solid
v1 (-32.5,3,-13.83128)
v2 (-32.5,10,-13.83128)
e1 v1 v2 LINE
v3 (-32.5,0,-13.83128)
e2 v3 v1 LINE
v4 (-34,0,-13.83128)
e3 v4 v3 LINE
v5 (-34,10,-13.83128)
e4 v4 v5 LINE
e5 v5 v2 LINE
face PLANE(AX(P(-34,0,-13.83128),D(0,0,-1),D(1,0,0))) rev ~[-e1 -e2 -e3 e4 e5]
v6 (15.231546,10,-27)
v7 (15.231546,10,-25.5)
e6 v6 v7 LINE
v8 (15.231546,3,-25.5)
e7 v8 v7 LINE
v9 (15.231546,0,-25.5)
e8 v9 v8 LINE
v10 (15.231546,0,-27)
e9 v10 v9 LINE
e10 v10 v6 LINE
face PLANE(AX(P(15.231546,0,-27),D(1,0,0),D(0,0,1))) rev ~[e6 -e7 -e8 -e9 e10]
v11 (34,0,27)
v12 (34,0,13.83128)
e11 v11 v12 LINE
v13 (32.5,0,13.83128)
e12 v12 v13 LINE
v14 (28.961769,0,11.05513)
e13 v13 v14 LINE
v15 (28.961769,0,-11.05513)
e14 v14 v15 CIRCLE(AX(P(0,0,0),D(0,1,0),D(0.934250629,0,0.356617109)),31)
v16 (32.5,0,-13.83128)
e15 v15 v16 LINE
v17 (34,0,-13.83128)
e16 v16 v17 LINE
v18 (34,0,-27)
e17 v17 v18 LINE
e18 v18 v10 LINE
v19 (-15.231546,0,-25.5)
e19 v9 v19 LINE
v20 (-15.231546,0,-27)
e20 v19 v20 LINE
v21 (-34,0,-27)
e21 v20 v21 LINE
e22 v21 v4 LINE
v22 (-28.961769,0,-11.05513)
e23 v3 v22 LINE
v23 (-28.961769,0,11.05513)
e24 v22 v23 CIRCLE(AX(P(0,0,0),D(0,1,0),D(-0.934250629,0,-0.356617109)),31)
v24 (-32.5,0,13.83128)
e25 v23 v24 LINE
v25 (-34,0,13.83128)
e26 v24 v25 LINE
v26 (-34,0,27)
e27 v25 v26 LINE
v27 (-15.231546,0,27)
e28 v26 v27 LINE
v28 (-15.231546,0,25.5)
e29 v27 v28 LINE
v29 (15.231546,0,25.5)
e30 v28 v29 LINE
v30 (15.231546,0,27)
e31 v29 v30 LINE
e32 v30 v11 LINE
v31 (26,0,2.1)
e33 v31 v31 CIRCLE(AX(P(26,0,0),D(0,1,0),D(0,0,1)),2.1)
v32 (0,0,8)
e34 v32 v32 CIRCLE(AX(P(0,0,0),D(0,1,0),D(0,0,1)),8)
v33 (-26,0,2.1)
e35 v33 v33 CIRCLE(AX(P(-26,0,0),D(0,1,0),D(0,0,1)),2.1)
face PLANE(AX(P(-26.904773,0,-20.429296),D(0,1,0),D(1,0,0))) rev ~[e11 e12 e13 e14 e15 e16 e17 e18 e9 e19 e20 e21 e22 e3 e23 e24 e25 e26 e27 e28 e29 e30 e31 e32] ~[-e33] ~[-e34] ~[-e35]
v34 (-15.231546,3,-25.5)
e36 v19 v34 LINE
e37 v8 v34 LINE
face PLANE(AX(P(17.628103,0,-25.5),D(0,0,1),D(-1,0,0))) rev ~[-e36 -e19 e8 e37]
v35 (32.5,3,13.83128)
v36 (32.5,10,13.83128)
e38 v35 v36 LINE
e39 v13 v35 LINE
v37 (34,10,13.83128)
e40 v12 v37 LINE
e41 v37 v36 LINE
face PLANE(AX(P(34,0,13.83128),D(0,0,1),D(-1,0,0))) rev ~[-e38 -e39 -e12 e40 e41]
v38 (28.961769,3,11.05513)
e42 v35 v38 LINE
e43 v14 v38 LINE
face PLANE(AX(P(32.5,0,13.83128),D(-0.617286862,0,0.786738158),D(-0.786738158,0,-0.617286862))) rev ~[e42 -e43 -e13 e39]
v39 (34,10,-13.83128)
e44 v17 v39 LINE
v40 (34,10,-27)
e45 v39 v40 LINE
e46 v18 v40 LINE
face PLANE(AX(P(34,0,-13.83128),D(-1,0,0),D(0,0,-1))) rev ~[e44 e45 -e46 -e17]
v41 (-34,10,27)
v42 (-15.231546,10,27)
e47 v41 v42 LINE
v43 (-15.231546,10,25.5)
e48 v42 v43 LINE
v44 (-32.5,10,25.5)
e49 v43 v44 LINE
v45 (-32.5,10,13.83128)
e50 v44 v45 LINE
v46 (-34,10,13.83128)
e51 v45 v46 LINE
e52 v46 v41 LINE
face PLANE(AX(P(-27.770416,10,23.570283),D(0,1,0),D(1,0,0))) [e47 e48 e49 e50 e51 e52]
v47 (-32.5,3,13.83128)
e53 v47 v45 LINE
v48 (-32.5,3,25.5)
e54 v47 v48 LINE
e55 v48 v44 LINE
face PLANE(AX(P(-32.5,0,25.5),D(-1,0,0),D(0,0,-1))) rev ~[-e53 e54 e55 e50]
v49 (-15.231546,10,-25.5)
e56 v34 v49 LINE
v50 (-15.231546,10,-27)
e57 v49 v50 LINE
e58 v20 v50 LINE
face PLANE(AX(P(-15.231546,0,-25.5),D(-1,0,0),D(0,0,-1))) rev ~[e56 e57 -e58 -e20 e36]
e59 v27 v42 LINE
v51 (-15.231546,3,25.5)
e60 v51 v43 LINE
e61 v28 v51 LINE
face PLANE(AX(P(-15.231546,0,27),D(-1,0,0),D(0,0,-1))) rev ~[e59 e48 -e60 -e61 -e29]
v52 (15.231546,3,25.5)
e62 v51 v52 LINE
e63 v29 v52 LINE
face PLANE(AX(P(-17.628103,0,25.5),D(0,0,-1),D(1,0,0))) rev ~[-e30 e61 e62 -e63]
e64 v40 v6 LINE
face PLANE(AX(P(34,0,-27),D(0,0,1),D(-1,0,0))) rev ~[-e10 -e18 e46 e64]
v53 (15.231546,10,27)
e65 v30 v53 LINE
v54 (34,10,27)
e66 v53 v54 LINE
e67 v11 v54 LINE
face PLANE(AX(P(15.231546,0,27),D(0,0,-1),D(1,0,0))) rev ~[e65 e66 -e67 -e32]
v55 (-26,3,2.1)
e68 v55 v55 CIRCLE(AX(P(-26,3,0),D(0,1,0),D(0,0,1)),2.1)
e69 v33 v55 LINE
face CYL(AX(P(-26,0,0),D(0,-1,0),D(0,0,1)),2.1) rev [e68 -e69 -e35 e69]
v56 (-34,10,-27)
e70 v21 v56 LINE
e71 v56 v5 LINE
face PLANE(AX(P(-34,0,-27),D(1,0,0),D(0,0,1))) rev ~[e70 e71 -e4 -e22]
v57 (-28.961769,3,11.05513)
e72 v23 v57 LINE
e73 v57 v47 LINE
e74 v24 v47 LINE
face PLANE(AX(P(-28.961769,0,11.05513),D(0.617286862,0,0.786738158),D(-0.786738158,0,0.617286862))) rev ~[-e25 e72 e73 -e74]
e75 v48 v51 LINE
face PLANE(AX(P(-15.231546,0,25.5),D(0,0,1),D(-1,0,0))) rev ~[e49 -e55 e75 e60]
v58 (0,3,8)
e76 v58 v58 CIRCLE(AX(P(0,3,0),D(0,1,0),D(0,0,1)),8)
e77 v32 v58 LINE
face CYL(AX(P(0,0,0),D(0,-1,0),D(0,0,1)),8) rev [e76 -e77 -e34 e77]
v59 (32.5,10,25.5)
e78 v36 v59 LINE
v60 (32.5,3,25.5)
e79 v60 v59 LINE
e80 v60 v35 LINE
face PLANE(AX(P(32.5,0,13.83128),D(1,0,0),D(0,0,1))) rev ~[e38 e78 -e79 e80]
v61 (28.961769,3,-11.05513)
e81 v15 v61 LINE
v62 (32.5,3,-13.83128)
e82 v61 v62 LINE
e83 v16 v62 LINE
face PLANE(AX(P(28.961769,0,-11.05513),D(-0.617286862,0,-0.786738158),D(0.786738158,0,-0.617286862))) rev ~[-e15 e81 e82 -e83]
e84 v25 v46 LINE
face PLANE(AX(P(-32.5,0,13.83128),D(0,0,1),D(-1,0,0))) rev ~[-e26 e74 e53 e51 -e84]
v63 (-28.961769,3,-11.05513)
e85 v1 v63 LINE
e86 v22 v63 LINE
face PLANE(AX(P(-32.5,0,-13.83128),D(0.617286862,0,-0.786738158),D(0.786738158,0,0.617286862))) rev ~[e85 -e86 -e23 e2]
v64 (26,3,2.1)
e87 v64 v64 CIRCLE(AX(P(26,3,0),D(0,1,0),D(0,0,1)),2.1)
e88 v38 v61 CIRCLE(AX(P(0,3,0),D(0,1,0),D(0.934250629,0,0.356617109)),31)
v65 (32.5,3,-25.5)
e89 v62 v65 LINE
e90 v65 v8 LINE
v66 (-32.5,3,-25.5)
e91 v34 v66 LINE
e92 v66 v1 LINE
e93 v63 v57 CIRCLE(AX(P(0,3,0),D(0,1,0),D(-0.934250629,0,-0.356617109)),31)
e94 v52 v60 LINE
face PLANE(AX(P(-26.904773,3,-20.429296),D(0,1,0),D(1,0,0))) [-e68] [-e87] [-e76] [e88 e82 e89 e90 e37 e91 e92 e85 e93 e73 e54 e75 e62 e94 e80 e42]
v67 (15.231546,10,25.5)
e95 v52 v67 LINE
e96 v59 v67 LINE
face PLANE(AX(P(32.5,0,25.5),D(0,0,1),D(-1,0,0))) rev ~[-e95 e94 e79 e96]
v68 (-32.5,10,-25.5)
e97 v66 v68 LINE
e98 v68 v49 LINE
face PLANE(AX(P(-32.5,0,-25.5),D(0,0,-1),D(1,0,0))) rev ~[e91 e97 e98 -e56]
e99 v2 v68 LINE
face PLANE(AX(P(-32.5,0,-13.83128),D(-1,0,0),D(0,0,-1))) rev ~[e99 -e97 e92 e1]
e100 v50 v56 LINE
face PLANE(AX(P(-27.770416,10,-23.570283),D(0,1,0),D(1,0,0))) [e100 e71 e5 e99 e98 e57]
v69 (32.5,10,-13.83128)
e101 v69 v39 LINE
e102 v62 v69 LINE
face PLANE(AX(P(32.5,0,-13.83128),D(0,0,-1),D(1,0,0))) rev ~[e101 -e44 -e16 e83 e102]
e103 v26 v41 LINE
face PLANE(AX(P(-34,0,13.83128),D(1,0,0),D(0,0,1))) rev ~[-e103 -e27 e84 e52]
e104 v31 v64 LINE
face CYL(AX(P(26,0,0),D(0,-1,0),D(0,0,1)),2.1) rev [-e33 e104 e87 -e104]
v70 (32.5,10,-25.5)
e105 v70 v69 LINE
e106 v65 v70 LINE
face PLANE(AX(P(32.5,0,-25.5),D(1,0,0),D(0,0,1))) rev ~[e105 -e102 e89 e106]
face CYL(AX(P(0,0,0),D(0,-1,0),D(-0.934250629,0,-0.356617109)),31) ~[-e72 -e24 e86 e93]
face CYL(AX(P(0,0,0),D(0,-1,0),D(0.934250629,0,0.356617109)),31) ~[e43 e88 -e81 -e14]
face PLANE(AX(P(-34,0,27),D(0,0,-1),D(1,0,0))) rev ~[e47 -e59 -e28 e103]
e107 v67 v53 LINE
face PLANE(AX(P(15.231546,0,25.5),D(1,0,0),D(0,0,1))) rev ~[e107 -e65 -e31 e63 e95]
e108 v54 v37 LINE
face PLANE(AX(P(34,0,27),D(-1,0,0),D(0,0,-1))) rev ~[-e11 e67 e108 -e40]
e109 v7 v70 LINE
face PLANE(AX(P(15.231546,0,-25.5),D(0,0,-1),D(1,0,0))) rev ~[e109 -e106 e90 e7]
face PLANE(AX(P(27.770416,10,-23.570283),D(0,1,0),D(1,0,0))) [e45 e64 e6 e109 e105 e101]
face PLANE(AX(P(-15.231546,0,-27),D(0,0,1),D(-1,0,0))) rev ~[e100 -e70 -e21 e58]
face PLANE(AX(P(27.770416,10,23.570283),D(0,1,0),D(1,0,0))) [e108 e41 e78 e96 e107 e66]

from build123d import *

# Parameters (mm, degrees)
BOSS_EXTRUDE1_DEPTH   = 10
BOSS_EXTRUDE1_2_DEPTH = 10
BOSS_EXTRUDE1_3_DEPTH = 10
BOSS_EXTRUDE1_4_DEPTH = 10
SKETCH1_9_R           = 8
SKETCH1_9_R_2         = 2.1
BOSS_EXTRUDE2_DEPTH   = 3


with BuildPart() as part:
    # Sketch1 → Boss-Extrude1 (new body)
    with BuildSketch(Plane(origin=(0, 0, 0), x_dir=(1, 0, 0), z_dir=(0, 1, 0))):
        Polygon((32.5, -13.831280473), (32.5, -25.5), (15.231546212, -25.5), (15.231546212, -27), (34, -27), (34, -13.831280473), align=None)
    extrude(amount=BOSS_EXTRUDE1_DEPTH)



with BuildPart() as body_2:
    # Sketch1 → Boss-Extrude1 2 (new body)
    with BuildSketch(Plane(origin=(0, 0, 0), x_dir=(1, 0, 0), z_dir=(0, 1, 0))):
        Polygon((32.5, 25.5), (32.5, 13.831280473), (34, 13.831280473), (34, 27), (15.231546212, 27), (15.231546212, 25.5), align=None)
    extrude(amount=BOSS_EXTRUDE1_2_DEPTH)


with BuildPart() as body_3:
    # Sketch1 → Boss-Extrude1 3 (new body)
    with BuildSketch(Plane(origin=(0, 0, 0), x_dir=(1, 0, 0), z_dir=(0, 1, 0))):
        Polygon((-15.231546212, -27), (-15.231546212, -25.5), (-32.5, -25.5), (-32.5, -13.831280473), (-34, -13.831280473), (-34, -27), align=None)
    extrude(amount=BOSS_EXTRUDE1_3_DEPTH)


with BuildPart() as body_4:
    # Sketch1 → Boss-Extrude1 4 (new body)
    with BuildSketch(Plane(origin=(0, 0, 0), x_dir=(1, 0, 0), z_dir=(0, 1, 0))):
        Polygon((-32.5, 25.5), (-15.231546212, 25.5), (-15.231546212, 27), (-34, 27), (-34, 13.831280473), (-32.5, 13.831280473), align=None)
    extrude(amount=BOSS_EXTRUDE1_4_DEPTH)


with BuildPart() as part_1:
    add(part.part)

    add(body_2.part)  # Boss-Extrude2 merges body 2

    add(body_3.part)  # Boss-Extrude2 merges body 3

    add(body_4.part)  # Boss-Extrude2 merges body 4
    # Sketch1<9> → Boss-Extrude2 (add)
    with BuildSketch(Plane(origin=(0, 0, 0), x_dir=(1, 0, 0), z_dir=(0, 1, 0))):
        with BuildLine():
            Line((32.5, -25.5), (32.5, -13.831280473))
            Line((32.5, -13.831280473), (28.961769494, -11.055130384))
            ThreePointArc((28.961769494, -11.055130384), (31, 0), (28.961769494, 11.055130384))
            Line((28.961769494, 11.055130384), (32.5, 13.831280473))
            Line((32.5, 13.831280473), (32.5, 25.5))
            Line((32.5, 25.5), (-32.5, 25.5))
            Line((-32.5, 25.5), (-32.5, 13.831280473))
            Line((-32.5, 13.831280473), (-28.961769494, 11.055130384))
            ThreePointArc((-28.961769494, 11.055130384), (-31, 0), (-28.961769494, -11.055130384))
            Line((-28.961769494, -11.055130384), (-32.5, -13.831280473))
            Line((-32.5, -13.831280473), (-32.5, -25.5))
            Line((-32.5, -25.5), (32.5, -25.5))
        make_face()
        Circle(SKETCH1_9_R, mode=Mode.SUBTRACT)
        with Locations((26, 0)):
            Circle(SKETCH1_9_R_2, mode=Mode.SUBTRACT)
        with Locations((-26, 0)):
            Circle(SKETCH1_9_R_2, mode=Mode.SUBTRACT)
    extrude(amount=BOSS_EXTRUDE2_DEPTH)


solid = part_1.part
